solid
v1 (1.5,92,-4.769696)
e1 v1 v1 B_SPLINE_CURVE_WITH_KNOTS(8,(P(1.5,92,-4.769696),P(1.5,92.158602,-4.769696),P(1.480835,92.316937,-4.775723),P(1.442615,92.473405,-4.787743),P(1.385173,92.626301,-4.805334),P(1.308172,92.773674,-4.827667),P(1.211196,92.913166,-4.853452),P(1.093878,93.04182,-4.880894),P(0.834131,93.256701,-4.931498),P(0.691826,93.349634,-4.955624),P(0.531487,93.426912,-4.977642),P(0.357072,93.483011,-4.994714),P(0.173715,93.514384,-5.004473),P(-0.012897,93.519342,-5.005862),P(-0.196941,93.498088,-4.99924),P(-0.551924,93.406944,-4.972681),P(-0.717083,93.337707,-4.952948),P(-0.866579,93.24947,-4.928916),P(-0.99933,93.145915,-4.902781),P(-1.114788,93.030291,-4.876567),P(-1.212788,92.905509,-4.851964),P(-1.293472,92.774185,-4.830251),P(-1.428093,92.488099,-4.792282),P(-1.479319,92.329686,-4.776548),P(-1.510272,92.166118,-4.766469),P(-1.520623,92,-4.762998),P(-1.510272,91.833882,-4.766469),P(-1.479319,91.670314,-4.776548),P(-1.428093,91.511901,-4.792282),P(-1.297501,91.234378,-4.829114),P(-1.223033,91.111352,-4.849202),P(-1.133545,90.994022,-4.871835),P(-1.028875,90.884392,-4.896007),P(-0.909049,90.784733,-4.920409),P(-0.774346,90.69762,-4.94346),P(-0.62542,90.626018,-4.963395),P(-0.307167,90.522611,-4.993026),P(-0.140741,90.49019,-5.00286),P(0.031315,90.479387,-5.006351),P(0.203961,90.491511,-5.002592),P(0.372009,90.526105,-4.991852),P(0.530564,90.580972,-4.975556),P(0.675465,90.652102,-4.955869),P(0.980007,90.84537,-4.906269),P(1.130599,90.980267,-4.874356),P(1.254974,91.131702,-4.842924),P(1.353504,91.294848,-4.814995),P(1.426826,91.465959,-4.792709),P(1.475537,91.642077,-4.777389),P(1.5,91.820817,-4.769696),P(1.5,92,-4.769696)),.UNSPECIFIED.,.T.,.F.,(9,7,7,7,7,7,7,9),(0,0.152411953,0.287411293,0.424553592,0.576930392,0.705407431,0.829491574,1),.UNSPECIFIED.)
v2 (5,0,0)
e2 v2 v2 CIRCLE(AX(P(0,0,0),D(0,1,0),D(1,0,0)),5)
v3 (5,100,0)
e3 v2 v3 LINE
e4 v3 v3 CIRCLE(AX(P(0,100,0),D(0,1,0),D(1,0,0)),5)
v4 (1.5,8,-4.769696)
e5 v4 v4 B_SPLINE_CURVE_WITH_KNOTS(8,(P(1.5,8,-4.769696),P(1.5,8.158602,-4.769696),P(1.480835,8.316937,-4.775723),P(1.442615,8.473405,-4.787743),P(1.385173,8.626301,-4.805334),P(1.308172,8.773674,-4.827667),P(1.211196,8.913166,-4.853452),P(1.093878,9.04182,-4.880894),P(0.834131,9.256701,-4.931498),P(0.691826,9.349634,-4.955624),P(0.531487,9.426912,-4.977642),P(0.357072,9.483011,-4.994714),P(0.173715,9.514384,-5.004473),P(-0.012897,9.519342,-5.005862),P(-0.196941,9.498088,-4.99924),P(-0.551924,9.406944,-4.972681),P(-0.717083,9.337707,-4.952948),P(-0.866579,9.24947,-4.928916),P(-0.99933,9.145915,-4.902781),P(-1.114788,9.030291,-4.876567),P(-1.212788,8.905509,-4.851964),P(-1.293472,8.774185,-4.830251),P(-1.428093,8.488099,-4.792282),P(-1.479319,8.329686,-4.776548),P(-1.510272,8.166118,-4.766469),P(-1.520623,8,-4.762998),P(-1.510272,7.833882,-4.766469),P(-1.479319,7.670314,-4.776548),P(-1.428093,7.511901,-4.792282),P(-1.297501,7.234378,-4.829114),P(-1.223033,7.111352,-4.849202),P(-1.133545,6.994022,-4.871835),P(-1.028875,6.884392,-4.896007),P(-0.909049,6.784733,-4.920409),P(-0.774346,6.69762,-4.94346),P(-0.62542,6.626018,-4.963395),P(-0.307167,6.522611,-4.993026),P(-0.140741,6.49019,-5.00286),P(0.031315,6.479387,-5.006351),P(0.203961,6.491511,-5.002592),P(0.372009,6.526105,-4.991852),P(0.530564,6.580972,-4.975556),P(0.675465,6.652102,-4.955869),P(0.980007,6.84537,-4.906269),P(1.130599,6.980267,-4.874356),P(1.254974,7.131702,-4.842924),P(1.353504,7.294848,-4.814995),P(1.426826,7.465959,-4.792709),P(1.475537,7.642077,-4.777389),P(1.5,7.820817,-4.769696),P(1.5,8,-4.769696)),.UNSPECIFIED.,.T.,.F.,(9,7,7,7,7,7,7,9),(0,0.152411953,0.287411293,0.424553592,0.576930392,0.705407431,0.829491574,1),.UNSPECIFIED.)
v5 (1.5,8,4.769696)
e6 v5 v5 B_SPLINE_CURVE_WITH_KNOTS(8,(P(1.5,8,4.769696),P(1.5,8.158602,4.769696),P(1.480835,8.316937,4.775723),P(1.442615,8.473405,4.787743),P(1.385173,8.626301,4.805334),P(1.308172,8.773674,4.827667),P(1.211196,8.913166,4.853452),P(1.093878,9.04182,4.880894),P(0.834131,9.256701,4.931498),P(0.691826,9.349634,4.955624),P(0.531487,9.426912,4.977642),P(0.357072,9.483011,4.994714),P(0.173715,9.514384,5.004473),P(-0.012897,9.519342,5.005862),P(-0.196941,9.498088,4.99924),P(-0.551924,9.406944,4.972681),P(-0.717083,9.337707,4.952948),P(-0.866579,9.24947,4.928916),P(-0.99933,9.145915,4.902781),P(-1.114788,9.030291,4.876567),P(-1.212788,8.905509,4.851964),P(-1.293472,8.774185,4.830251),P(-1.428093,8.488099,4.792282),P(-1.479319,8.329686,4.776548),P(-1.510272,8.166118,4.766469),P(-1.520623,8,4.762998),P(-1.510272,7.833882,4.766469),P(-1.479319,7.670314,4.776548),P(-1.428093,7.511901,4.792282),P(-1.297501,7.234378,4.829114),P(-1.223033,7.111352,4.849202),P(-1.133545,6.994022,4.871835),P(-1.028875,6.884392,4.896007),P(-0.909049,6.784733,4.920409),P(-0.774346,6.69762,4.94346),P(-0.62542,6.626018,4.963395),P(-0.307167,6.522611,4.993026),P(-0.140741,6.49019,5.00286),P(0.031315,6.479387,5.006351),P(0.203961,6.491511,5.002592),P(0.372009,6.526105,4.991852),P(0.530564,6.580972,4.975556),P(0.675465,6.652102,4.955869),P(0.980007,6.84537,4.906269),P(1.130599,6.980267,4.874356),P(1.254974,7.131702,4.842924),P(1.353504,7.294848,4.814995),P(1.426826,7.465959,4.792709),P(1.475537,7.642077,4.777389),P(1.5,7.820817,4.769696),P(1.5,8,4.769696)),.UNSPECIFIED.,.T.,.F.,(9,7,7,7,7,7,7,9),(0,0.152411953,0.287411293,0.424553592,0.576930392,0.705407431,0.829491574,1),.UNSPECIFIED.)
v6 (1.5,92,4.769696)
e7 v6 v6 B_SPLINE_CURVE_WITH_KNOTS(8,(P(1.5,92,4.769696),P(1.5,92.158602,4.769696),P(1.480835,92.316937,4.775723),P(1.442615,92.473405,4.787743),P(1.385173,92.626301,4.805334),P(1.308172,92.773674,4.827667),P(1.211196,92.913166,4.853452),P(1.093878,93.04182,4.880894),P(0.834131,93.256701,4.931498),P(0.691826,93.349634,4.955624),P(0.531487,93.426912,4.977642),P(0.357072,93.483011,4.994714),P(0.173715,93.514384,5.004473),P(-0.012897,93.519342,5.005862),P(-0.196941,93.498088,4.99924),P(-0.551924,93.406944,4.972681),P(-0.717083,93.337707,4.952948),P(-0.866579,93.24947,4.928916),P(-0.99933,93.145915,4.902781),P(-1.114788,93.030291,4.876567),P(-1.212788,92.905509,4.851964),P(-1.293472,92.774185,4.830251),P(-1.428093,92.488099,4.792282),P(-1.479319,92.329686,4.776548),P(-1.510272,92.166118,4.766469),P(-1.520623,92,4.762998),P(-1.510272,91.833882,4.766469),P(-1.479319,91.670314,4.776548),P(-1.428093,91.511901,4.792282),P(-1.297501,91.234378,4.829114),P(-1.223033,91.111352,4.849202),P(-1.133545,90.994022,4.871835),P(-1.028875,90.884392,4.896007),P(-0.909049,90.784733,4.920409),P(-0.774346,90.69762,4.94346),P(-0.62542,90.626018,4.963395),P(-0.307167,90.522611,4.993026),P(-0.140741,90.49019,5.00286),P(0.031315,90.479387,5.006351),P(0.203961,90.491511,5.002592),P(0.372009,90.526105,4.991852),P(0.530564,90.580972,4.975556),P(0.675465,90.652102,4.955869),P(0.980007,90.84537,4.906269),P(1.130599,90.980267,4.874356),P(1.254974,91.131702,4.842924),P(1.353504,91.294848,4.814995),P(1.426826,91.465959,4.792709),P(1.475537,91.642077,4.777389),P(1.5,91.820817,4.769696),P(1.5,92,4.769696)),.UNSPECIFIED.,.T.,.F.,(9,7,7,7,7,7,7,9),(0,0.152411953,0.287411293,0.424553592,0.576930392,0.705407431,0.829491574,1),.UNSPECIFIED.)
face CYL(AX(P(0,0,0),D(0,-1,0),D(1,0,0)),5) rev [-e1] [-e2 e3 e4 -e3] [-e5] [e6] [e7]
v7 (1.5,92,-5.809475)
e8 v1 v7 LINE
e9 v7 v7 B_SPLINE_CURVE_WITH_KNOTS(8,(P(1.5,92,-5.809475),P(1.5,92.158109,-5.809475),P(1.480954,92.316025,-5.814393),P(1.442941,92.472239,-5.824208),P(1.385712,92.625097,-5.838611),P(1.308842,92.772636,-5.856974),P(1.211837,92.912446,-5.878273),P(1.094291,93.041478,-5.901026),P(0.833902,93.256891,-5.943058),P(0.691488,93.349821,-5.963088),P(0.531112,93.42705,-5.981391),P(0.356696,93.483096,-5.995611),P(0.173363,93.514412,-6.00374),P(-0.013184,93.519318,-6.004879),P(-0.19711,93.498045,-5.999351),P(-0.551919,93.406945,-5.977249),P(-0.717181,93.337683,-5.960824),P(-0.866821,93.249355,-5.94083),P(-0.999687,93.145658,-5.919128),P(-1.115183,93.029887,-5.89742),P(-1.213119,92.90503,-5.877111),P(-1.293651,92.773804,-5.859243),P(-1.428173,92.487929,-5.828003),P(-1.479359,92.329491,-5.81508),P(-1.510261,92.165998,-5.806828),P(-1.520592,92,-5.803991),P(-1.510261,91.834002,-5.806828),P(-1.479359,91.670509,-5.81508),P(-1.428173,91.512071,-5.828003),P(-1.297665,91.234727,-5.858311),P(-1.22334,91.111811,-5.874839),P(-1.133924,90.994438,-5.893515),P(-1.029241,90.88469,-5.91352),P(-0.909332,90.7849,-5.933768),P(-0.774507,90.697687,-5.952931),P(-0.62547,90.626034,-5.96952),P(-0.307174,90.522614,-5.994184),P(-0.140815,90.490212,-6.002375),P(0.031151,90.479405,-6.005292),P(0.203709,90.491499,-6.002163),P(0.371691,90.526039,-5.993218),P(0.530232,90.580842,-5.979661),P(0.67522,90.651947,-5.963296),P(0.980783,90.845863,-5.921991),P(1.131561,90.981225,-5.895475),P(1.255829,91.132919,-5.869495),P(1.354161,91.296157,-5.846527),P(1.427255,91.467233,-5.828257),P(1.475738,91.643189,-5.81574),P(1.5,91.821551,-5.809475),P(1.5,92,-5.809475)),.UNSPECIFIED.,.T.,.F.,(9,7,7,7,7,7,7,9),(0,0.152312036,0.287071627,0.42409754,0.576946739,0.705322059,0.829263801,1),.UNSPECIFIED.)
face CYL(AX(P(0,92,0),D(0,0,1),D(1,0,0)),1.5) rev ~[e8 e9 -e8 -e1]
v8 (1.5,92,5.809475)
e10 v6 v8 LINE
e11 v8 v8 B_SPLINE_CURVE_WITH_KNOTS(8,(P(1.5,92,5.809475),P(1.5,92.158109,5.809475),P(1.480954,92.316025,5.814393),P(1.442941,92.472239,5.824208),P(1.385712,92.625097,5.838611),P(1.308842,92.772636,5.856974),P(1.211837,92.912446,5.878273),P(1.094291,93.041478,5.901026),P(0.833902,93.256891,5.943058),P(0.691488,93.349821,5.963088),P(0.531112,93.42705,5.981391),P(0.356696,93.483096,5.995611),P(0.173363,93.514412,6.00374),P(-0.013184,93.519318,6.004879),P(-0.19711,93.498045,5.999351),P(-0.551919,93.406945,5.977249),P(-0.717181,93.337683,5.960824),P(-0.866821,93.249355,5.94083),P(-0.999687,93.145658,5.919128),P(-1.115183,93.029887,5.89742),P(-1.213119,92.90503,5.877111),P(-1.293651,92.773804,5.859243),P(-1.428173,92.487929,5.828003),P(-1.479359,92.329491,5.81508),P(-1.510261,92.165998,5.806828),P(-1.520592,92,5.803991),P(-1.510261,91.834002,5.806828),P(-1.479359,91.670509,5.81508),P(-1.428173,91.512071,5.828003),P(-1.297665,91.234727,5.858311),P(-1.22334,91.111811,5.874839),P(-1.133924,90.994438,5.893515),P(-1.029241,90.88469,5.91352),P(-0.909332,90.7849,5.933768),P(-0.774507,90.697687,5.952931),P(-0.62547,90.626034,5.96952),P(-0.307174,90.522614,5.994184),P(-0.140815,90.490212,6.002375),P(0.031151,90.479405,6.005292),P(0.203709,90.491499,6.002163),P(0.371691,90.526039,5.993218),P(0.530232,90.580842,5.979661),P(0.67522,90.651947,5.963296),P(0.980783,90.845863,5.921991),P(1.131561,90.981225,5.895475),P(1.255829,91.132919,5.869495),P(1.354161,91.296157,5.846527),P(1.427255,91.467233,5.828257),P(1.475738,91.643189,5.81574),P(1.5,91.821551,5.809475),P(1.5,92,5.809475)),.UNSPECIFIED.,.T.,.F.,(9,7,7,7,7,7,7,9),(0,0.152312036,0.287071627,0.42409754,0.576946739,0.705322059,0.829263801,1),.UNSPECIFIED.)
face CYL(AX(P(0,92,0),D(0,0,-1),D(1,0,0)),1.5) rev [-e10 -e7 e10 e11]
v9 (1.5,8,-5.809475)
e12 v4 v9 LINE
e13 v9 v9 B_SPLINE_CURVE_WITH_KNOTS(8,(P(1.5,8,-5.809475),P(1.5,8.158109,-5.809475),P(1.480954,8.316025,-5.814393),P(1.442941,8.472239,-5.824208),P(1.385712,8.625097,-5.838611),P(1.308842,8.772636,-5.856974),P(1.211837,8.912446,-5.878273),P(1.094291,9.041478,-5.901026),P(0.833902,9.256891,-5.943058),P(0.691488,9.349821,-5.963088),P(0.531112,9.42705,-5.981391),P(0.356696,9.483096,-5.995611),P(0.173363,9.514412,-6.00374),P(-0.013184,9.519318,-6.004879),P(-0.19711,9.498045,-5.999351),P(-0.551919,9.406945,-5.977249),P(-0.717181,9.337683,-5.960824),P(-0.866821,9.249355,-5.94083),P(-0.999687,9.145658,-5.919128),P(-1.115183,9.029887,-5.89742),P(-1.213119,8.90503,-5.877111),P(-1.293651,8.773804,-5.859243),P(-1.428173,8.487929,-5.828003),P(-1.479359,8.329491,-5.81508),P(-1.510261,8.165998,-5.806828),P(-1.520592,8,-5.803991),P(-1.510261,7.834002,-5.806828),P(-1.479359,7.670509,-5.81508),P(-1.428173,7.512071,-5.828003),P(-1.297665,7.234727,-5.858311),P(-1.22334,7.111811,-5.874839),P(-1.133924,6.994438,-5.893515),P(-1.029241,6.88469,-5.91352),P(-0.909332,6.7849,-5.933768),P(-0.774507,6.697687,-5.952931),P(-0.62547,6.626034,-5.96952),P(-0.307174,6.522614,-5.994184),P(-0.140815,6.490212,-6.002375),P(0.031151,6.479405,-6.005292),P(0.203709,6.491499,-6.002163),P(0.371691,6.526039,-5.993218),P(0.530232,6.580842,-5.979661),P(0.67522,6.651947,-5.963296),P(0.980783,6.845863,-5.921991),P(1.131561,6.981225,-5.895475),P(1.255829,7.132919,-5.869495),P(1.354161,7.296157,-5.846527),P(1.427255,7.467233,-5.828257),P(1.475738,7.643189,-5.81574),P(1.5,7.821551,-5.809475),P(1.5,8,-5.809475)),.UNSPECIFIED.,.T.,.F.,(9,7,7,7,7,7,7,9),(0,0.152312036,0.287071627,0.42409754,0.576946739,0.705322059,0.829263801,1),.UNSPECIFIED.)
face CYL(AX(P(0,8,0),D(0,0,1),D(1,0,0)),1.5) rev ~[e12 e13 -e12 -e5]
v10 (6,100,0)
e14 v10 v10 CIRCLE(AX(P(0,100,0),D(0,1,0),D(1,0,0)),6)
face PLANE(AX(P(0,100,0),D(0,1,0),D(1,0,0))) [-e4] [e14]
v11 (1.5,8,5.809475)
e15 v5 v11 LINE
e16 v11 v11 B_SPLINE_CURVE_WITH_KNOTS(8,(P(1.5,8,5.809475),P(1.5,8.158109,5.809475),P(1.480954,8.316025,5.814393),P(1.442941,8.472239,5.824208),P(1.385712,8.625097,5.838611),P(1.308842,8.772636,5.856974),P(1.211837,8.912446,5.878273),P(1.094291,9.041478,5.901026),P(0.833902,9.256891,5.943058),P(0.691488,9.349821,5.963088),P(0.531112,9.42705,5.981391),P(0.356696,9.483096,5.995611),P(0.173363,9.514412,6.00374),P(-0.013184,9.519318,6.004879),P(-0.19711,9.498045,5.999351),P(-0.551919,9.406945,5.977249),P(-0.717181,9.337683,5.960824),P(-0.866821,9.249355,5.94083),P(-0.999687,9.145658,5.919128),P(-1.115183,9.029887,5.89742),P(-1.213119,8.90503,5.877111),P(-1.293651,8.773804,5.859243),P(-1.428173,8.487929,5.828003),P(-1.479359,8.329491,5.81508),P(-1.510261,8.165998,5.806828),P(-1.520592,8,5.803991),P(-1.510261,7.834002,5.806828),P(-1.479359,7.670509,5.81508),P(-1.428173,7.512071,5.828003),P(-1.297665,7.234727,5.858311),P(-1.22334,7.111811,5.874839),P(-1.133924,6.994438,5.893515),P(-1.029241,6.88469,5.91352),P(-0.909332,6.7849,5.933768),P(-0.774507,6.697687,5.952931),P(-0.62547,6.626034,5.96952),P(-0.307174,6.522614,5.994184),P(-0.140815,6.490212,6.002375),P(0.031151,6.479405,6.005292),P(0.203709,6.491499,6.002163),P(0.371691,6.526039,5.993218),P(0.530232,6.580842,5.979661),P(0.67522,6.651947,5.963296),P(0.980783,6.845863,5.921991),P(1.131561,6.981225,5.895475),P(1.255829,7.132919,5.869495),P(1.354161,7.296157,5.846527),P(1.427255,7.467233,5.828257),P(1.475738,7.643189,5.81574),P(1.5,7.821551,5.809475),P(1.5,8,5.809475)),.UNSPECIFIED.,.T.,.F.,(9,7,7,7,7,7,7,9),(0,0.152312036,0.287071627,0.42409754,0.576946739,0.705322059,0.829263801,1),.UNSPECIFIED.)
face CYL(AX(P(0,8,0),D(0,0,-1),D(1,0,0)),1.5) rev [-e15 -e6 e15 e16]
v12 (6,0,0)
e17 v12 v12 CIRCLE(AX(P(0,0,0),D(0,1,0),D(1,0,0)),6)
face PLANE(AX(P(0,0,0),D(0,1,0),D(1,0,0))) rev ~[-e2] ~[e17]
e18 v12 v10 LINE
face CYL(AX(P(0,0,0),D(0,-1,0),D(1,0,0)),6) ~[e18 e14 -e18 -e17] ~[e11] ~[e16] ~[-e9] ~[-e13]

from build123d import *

# Parameters (mm, degrees)
SKETCH1_R               = 6
SKETCH1_R_2             = 5
EXTRUDE_THIN1_DEPTH     = 100
SKETCH2_R               = 1.5
CUT_EXTRUDE2_DEPTH      = 7
CUT_EXTRUDE2_DEPTH_BACK = 7
SKETCH3_R               = 1.5
CUT_EXTRUDE3_DEPTH      = 7.000000127
CUT_EXTRUDE3_DEPTH_BACK = 7.000000127


with BuildPart() as part:
    # Sketch1 → Extrude-Thin1 (new body)
    with BuildSketch(Plane(origin=(0, 0, 0), x_dir=(1, 0, 0), z_dir=(0, 1, 0))):
        Circle(SKETCH1_R)
        Circle(SKETCH1_R_2, mode=Mode.SUBTRACT)
    extrude(amount=EXTRUDE_THIN1_DEPTH)

    # Sketch2 → Cut-Extrude2 (cut, two sides)
    with BuildSketch(Plane.XY) as cut_extrude2_sk:
        with Locations((0, 8)):
            Circle(SKETCH2_R)
    extrude(amount=CUT_EXTRUDE2_DEPTH, mode=Mode.SUBTRACT)
    extrude(cut_extrude2_sk.sketch, amount=-CUT_EXTRUDE2_DEPTH_BACK, mode=Mode.SUBTRACT)

    # Sketch3 → Cut-Extrude3 (cut, two sides)
    with BuildSketch(Plane.XY) as cut_extrude3_sk:
        with Locations((0, 92)):
            Circle(SKETCH3_R)
    extrude(amount=CUT_EXTRUDE3_DEPTH, mode=Mode.SUBTRACT)
    extrude(cut_extrude3_sk.sketch, amount=-CUT_EXTRUDE3_DEPTH_BACK, mode=Mode.SUBTRACT)


solid = part.part
